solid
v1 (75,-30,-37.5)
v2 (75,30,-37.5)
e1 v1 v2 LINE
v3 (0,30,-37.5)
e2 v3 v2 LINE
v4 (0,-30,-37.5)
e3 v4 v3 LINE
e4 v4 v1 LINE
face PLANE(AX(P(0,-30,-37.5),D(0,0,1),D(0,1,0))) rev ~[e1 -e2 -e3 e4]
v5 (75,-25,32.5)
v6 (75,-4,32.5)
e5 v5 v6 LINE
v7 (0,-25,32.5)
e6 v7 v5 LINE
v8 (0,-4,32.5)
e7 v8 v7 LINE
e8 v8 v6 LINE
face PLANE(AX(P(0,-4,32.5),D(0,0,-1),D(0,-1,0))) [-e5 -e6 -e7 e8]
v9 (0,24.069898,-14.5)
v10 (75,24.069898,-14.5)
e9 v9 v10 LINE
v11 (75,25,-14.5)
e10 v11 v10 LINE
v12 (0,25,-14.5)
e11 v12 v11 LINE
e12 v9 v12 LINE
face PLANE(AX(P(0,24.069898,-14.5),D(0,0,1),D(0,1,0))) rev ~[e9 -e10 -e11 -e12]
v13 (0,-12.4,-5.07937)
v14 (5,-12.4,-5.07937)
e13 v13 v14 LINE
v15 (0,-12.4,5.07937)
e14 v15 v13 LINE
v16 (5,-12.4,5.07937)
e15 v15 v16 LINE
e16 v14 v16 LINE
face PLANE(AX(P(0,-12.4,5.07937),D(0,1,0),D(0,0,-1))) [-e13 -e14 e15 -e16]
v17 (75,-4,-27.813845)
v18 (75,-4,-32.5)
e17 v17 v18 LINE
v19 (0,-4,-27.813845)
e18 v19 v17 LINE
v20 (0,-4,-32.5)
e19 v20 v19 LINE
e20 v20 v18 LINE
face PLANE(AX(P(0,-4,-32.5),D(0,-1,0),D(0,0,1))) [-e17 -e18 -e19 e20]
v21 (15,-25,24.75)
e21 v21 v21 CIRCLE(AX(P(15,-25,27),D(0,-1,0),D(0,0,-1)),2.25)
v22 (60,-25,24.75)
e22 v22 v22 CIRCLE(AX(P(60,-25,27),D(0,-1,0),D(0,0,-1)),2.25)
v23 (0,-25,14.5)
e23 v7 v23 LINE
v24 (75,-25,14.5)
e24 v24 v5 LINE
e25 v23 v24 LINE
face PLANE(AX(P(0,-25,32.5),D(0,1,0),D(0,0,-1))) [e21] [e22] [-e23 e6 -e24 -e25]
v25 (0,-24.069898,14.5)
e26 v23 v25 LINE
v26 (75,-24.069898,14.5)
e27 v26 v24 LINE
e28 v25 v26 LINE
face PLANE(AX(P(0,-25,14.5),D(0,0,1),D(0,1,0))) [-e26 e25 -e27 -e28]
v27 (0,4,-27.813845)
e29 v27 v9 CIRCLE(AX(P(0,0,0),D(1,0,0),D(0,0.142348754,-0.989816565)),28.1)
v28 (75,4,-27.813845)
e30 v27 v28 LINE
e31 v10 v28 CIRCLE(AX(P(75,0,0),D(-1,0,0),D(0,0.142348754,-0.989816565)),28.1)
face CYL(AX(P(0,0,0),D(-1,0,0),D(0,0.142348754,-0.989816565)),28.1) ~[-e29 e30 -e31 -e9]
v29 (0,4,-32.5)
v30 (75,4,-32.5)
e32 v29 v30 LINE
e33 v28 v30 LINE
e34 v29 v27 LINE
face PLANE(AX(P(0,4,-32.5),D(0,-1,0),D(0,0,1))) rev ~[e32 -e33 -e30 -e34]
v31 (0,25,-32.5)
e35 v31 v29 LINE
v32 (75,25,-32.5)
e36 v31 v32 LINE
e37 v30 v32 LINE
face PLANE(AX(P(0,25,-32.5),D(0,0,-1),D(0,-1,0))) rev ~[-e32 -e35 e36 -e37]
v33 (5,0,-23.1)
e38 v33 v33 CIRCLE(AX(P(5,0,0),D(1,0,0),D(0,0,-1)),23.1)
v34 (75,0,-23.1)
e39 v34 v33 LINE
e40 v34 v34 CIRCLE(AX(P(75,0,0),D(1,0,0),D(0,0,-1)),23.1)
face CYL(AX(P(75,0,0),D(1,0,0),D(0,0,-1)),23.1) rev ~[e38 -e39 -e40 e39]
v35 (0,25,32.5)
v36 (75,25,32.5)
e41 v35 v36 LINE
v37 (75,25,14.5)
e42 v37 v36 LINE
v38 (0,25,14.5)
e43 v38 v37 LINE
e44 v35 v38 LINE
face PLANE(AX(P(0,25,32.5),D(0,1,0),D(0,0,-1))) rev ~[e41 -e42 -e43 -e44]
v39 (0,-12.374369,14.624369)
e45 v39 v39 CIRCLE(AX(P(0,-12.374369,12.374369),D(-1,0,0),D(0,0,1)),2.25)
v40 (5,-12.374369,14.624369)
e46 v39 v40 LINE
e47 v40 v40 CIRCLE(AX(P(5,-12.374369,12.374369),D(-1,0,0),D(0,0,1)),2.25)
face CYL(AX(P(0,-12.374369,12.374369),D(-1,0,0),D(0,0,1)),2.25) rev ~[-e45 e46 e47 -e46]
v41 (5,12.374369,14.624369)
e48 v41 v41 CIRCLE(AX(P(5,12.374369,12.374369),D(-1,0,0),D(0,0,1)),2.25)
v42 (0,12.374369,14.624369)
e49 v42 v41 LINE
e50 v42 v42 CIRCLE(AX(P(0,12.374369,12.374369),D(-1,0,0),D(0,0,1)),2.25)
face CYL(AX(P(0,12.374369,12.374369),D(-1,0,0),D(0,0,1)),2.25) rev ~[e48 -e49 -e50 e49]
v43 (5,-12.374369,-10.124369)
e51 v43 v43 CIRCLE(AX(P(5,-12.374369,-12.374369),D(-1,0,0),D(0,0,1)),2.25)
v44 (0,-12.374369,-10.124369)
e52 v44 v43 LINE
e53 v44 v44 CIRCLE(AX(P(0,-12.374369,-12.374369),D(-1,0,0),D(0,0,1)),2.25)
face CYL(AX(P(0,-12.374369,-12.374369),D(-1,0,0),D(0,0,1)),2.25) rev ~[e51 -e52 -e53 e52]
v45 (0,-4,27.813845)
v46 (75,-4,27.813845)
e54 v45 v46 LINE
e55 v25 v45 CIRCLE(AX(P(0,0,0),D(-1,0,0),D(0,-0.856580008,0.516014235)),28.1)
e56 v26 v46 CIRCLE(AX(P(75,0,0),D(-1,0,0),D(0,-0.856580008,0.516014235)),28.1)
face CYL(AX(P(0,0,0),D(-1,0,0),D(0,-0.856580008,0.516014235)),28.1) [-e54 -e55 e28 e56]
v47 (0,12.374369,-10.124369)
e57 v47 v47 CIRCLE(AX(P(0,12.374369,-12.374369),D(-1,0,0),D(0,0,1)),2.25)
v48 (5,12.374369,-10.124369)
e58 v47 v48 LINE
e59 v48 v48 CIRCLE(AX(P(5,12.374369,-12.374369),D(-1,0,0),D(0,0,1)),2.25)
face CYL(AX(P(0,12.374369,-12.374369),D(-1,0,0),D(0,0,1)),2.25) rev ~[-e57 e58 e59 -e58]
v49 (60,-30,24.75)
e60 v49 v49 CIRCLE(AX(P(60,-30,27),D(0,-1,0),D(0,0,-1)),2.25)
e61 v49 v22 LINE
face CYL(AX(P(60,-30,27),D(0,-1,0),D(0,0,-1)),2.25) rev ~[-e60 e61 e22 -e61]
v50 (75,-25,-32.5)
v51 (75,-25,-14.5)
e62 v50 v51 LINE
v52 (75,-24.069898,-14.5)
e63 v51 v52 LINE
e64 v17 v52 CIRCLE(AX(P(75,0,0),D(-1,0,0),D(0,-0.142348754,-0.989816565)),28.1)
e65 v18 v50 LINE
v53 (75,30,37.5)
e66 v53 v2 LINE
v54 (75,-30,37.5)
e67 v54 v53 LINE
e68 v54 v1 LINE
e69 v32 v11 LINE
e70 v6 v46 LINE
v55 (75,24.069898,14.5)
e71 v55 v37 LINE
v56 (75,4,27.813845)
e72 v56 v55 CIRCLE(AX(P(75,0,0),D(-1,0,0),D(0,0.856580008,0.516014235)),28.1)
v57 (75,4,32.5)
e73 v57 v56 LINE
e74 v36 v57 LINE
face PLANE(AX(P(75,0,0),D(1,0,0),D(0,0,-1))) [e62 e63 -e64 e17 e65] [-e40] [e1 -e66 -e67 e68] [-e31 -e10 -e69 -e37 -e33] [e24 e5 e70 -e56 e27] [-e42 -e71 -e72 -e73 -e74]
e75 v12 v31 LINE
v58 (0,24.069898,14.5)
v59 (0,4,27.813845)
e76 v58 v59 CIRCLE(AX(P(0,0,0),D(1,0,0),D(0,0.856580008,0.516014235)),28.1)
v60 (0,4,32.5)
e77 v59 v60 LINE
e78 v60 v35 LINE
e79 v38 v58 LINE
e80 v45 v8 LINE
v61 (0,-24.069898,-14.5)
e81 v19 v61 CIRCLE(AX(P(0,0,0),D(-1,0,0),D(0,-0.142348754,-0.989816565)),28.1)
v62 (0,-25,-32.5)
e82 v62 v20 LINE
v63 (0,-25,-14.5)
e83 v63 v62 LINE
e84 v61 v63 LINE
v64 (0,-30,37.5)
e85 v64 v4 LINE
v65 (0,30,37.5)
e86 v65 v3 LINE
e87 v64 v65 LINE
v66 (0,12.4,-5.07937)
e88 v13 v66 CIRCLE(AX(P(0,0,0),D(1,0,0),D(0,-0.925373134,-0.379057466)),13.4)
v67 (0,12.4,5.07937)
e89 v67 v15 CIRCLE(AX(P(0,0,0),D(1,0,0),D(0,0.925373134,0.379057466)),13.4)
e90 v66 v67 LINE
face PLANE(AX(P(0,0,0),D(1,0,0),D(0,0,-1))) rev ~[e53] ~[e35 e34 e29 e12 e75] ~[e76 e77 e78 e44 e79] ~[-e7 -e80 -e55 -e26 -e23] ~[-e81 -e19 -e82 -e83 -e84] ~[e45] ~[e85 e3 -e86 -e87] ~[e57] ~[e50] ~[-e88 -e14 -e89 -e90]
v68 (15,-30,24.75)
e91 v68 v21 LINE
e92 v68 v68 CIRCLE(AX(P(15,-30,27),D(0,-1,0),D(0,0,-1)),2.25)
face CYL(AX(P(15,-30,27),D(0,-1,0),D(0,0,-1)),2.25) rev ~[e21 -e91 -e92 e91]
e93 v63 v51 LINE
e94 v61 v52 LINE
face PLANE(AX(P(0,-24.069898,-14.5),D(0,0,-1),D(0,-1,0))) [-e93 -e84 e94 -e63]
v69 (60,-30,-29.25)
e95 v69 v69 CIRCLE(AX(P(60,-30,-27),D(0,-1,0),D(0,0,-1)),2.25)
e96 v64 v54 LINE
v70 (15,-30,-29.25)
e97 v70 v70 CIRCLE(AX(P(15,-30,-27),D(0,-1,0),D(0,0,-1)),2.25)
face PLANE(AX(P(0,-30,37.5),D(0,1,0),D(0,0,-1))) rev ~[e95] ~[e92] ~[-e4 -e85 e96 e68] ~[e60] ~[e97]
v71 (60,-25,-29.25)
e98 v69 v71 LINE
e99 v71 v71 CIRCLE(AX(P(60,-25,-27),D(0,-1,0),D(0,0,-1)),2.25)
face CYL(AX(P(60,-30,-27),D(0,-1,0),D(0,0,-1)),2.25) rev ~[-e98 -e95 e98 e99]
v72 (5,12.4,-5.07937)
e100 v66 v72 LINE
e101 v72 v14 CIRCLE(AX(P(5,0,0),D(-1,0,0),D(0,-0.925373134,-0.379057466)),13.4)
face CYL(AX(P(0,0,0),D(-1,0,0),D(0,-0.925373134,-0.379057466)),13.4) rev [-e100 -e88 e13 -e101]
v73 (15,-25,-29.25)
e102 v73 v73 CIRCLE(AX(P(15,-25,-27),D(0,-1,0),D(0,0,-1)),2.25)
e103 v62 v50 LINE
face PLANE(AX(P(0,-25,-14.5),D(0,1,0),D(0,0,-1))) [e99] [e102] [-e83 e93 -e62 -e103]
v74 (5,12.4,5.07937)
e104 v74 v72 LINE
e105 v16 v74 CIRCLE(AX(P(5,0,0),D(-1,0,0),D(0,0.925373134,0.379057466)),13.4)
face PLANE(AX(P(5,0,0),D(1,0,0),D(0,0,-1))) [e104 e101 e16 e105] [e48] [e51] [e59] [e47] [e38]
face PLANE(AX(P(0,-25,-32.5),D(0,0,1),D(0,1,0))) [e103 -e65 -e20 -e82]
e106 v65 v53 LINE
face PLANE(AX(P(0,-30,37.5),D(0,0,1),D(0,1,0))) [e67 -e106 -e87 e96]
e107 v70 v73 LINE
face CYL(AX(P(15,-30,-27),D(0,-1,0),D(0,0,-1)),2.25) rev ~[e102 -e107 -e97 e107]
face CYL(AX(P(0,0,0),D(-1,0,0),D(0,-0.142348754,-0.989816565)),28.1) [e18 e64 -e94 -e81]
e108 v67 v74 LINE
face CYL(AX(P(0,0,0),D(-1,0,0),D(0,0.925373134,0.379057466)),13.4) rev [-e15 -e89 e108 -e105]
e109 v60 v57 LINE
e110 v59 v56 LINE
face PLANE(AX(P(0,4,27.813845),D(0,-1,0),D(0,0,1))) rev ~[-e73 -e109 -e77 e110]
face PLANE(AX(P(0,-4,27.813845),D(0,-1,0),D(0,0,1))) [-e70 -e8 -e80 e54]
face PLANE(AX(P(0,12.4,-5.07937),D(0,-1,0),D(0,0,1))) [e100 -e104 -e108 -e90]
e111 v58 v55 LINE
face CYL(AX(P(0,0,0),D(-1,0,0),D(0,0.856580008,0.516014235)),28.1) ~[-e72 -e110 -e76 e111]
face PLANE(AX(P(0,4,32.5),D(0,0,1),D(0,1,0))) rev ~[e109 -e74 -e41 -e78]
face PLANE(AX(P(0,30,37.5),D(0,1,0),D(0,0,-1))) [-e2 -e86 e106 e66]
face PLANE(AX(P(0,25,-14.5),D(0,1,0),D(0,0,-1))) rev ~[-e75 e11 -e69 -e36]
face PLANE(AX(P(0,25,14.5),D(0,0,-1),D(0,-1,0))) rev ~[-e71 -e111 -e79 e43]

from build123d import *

# Parameters (mm, degrees)
SKETCH1_W           = 75
SKETCH1_H           = 60
BOSS_EXTRUDE1_DEPTH = 75
SKETCH2_R           = 23.1
CUT_EXTRUDE1_DEPTH  = 70
SKETCH3_R           = 2.25
CUT_EXTRUDE2_DEPTH  = 90.057565653
CUT_EXTRUDE3_REACH  = 105.108
SKETCH4_R           = 2.25


with BuildPart() as part:
    # Sketch1 → Boss-Extrude1 (new body)
    with BuildSketch(Plane(origin=(0, 0, 0), x_dir=(0, 0, -1), z_dir=(1, 0, 0))):
        Rectangle(SKETCH1_W, SKETCH1_H)
    extrude(amount=BOSS_EXTRUDE1_DEPTH)

    # Sketch2 → Cut-Extrude1 (cut)
    with BuildSketch(Plane(origin=(75, 0, 0), x_dir=(0, 0, -1), z_dir=(1, 0, 0))):
        Circle(SKETCH2_R)
    extrude(amount=-CUT_EXTRUDE1_DEPTH, mode=Mode.SUBTRACT)

    # Sketch3 → Cut-Extrude2 (cut, through all)
    with BuildSketch(Plane.ZY):
        with Locations((-12.374368671, 12.374368671)):
            Circle(SKETCH3_R)
        with Locations((12.374368671, 12.374368671)):
            Circle(SKETCH3_R)
        with Locations((12.374368671, -12.374368671)):
            Circle(SKETCH3_R)
        with Locations((-12.374368671, -12.374368671)):
            Circle(SKETCH3_R)
        with BuildLine():
            Line((-5.07937004, 12.4), (5.07937004, 12.4))
            ThreePointArc((5.07937004, 12.4), (13.4, 0), (5.07937004, -12.4))
            Line((5.07937004, -12.4), (-5.07937004, -12.4))
            ThreePointArc((-5.07937004, -12.4), (-13.4, 0), (-5.07937004, 12.4))
        make_face()
        with BuildLine():
            Line((32.5, -25), (14.5, -25))
            Line((14.5, -25), (14.5, -24.069898213))
            ThreePointArc((14.5, -24.069898213), (23.416139376, -15.533654327), (27.813845473, -4))
            Line((27.813845473, -4), (32.5, -4))
            Line((32.5, -4), (32.5, -25))
        make_face()
        with BuildLine():
            Line((32.5, 25), (14.5, 25))
            Line((14.5, 25), (14.5, 24.069898213))
            ThreePointArc((14.5, 24.069898213), (23.416139376, 15.533654327), (27.813845473, 4))
            Line((27.813845473, 4), (32.5, 4))
            Line((32.5, 4), (32.5, 25))
        make_face()
        with BuildLine():
            Line((-32.5, -25), (-32.5, -4))
            Line((-32.5, -4), (-27.813845473, -4))
            ThreePointArc((-27.813845473, -4), (-23.416139376, -15.533654327), (-14.5, -24.069898213))
            Line((-14.5, -24.069898213), (-14.5, -25))
            Line((-14.5, -25), (-32.5, -25))
        make_face()
        with BuildLine():
            Line((-32.5, 4), (-27.813845473, 4))
            ThreePointArc((-27.813845473, 4), (-23.416139376, 15.533654327), (-14.5, 24.069898213))
            Line((-14.5, 24.069898213), (-14.5, 25))
            Line((-14.5, 25), (-32.5, 25))
            Line((-32.5, 25), (-32.5, 4))
        make_face()
    extrude(amount=-CUT_EXTRUDE2_DEPTH, mode=Mode.SUBTRACT)

    # Sketch4 → Cut-Extrude3 (cut, up to next)
    with BuildSketch(Plane.XZ.offset(30), mode=Mode.PRIVATE) as cut_extrude3_sk1:
        with Locations(Location((60, 27, 0), (0, 0, 270))):
            Circle(SKETCH4_R)
    cut_extrude3_tool1 = extrude(cut_extrude3_sk1.sketch, amount=-CUT_EXTRUDE3_REACH, mode=Mode.PRIVATE) & part.part
    # Sketch4 → Cut-Extrude3 (cut, up to next)
    with BuildSketch(Plane.XZ.offset(30), mode=Mode.PRIVATE) as cut_extrude3_sk2:
        with Locations(Location((15, 27, 0), (0, 0, 270))):
            Circle(SKETCH4_R)
    cut_extrude3_tool2 = extrude(cut_extrude3_sk2.sketch, amount=-CUT_EXTRUDE3_REACH, mode=Mode.PRIVATE) & part.part
    # Sketch4 → Cut-Extrude3 (cut, up to next)
    with BuildSketch(Plane.XZ.offset(30), mode=Mode.PRIVATE) as cut_extrude3_sk3:
        with Locations(Location((60, -27, 0), (0, 0, 270))):
            Circle(SKETCH4_R)
    cut_extrude3_tool3 = extrude(cut_extrude3_sk3.sketch, amount=-CUT_EXTRUDE3_REACH, mode=Mode.PRIVATE) & part.part
    # Sketch4 → Cut-Extrude3 (cut, up to next)
    with BuildSketch(Plane.XZ.offset(30), mode=Mode.PRIVATE) as cut_extrude3_sk4:
        with Locations(Location((15, -27, 0), (0, 0, 270))):
            Circle(SKETCH4_R)
    cut_extrude3_tool4 = extrude(cut_extrude3_sk4.sketch, amount=-CUT_EXTRUDE3_REACH, mode=Mode.PRIVATE) & part.part
    add(cut_extrude3_tool1.solids().sort_by_distance((60, -30, 27))[0], mode=Mode.SUBTRACT)
    add(cut_extrude3_tool2.solids().sort_by_distance((15, -30, 27))[0], mode=Mode.SUBTRACT)
    add(cut_extrude3_tool3.solids().sort_by_distance((60, -30, -27))[0], mode=Mode.SUBTRACT)
    add(cut_extrude3_tool4.solids().sort_by_distance((15, -30, -27))[0], mode=Mode.SUBTRACT)


solid = part.part
